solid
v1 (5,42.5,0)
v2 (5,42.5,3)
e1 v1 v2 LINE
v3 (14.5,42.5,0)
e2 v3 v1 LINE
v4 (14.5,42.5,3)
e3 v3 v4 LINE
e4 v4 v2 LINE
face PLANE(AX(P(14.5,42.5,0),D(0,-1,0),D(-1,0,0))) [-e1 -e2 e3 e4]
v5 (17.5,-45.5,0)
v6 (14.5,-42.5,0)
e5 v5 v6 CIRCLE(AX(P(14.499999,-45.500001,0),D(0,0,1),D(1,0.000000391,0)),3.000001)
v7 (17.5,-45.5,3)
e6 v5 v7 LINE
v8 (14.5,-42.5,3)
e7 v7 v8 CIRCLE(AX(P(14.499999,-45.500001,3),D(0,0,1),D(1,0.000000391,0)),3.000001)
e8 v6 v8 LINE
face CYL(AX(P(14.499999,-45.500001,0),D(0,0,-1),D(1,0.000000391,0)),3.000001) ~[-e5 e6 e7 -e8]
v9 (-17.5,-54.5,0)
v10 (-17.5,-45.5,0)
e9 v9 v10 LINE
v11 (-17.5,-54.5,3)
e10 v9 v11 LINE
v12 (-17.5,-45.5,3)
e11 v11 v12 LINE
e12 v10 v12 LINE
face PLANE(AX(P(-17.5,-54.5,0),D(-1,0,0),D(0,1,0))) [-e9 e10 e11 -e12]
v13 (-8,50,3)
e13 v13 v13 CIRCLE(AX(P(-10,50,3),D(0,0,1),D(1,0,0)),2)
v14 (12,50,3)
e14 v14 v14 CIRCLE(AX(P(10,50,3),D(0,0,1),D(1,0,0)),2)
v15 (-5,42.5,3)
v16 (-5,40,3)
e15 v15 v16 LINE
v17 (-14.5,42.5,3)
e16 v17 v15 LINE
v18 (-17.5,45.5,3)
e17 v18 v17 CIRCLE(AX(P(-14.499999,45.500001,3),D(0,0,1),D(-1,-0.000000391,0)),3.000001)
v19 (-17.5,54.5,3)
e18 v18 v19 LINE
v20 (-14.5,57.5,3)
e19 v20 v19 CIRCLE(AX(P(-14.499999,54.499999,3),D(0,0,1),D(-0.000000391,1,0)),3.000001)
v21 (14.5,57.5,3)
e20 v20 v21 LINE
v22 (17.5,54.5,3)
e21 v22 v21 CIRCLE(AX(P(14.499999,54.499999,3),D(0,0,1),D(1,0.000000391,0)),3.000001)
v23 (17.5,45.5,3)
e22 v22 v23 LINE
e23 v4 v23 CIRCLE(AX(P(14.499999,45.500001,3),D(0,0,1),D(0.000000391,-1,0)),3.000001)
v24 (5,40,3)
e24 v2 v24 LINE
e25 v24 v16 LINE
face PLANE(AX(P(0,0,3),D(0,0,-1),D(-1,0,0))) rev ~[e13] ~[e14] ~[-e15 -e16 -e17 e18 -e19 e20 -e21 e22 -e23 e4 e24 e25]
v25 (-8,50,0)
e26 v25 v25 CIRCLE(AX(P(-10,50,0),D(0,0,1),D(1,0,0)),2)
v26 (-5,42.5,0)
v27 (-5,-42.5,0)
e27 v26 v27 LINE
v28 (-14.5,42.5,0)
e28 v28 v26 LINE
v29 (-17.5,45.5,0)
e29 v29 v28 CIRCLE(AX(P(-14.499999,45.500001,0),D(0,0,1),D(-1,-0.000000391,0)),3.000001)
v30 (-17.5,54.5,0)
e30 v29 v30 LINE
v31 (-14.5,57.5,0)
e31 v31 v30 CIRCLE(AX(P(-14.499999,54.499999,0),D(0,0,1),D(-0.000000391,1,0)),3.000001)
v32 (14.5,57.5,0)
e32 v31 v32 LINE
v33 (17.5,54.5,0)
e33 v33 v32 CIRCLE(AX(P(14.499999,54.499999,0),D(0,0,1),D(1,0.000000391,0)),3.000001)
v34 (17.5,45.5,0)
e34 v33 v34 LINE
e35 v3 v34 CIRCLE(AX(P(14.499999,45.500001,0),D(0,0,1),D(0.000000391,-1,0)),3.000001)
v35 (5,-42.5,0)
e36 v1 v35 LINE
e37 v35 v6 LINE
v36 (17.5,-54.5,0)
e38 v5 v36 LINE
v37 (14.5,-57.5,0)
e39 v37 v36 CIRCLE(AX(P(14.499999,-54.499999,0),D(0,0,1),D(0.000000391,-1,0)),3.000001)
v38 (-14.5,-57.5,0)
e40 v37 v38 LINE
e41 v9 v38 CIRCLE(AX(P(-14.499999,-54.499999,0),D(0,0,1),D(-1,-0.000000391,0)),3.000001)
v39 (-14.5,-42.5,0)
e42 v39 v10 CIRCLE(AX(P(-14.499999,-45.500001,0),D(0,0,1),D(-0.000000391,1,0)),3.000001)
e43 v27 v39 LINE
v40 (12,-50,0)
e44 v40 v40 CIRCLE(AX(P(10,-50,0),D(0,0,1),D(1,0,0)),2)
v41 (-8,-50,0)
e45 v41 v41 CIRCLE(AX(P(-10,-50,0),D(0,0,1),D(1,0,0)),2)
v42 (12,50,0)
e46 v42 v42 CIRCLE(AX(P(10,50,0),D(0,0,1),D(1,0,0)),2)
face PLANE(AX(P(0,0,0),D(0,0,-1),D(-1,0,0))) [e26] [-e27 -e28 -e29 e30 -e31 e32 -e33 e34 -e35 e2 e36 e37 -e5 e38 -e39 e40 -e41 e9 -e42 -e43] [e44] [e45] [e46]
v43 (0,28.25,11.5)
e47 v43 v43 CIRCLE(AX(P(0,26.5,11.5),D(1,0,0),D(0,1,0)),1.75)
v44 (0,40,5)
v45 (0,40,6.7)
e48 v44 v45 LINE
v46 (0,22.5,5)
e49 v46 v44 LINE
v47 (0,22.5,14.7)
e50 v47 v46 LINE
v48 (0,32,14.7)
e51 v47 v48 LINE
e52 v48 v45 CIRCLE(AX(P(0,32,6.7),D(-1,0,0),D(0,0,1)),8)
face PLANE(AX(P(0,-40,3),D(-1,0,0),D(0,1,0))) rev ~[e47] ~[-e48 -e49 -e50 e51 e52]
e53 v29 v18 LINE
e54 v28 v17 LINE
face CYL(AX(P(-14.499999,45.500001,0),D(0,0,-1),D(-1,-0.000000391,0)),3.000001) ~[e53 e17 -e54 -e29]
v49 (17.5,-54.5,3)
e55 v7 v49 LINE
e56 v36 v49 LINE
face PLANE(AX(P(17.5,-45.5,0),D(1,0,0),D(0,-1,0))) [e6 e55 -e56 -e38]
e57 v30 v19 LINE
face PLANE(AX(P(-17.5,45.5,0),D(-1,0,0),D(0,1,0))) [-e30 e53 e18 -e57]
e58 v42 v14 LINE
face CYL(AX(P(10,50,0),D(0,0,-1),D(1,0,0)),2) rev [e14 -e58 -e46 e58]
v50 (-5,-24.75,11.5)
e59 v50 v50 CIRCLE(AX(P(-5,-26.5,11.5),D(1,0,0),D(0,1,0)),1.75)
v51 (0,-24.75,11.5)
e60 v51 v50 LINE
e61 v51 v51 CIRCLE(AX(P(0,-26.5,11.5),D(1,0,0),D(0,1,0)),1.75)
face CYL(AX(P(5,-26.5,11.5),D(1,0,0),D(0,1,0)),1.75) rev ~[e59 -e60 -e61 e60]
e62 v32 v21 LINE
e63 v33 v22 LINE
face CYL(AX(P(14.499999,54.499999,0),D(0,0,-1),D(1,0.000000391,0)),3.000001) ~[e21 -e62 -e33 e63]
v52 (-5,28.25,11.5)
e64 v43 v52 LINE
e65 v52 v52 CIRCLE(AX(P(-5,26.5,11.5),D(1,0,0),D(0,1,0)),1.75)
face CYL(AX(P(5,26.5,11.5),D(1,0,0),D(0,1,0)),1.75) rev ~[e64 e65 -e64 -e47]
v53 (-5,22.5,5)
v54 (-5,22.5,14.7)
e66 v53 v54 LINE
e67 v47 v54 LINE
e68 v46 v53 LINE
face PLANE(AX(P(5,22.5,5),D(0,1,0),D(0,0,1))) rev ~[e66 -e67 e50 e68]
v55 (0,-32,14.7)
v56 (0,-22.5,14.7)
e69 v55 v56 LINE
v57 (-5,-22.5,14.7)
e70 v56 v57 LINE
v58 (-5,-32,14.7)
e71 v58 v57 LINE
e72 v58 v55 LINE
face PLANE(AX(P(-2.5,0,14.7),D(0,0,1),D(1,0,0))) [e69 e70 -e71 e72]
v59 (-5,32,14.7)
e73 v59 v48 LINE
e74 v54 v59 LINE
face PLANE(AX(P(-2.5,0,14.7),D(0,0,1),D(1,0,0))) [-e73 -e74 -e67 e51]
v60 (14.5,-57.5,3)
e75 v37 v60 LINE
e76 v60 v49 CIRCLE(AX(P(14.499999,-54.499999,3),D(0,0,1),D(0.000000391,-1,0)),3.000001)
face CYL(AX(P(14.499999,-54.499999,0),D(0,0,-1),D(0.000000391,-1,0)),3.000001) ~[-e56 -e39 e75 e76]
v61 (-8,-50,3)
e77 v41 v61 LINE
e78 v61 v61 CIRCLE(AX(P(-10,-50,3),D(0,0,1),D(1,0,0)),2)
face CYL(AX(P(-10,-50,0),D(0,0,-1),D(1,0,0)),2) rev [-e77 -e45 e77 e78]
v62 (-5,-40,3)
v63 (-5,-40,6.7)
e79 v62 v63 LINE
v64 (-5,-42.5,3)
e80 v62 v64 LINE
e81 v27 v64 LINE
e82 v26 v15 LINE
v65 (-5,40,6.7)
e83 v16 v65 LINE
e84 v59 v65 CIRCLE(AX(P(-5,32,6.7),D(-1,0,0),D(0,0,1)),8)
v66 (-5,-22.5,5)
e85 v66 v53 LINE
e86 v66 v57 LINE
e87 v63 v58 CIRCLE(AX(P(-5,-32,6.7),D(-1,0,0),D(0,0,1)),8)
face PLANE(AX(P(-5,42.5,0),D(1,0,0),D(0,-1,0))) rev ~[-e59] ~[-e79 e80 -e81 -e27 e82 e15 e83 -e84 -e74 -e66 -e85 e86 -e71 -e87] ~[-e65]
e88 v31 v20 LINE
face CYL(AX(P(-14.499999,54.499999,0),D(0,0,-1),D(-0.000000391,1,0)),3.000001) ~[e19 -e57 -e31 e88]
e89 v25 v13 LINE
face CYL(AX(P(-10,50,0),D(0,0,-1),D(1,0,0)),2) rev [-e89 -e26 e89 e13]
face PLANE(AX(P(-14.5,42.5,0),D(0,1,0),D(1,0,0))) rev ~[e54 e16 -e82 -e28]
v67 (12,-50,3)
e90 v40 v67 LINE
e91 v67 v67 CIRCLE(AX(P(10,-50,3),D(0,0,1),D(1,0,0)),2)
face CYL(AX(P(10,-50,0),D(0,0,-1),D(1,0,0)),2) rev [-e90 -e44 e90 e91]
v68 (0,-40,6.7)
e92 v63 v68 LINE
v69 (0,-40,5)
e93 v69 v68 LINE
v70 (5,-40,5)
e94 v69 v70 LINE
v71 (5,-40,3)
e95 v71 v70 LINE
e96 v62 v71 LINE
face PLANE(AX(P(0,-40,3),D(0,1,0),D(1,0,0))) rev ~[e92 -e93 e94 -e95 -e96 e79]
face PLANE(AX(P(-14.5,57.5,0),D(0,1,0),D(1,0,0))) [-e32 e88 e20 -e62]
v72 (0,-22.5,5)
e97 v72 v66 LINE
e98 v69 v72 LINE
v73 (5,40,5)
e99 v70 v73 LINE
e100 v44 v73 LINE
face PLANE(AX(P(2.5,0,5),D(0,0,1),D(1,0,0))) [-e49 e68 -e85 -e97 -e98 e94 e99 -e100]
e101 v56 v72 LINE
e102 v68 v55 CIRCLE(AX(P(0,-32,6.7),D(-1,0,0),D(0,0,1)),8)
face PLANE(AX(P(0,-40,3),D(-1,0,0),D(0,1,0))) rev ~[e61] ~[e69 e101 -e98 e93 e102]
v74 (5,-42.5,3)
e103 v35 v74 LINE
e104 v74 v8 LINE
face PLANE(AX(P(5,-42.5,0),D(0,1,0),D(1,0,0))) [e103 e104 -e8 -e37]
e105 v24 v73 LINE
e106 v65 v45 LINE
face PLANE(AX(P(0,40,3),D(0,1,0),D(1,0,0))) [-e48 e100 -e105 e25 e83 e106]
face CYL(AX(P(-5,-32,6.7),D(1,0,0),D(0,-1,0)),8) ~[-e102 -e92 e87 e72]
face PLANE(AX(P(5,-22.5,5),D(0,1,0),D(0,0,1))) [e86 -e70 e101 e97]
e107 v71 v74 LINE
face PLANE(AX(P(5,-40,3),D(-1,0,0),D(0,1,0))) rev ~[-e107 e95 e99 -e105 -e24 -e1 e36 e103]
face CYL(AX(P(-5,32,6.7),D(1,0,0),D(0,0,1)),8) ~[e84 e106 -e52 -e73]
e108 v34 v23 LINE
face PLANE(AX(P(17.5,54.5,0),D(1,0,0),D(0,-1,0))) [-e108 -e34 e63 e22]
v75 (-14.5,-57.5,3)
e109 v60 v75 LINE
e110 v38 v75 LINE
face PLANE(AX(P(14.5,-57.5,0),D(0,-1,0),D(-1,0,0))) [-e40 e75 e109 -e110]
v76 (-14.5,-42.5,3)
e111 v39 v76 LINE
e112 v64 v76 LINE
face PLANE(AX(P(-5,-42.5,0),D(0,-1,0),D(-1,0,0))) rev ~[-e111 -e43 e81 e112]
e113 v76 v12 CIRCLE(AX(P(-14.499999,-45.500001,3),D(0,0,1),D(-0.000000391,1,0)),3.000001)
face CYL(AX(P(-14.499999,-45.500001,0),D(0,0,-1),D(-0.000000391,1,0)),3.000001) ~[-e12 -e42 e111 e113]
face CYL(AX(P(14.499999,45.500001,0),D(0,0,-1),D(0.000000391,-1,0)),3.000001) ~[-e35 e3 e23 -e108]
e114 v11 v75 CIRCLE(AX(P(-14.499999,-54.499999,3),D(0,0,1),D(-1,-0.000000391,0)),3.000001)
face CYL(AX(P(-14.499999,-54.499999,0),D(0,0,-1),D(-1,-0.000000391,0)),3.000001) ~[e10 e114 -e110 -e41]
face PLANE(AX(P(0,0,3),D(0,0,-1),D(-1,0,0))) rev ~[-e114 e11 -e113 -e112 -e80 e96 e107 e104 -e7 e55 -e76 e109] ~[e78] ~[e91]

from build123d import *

# Parameters (mm, degrees)
SKETCH_R     = 2
PAD_DEPTH    = 3
SKETCH001_W  = 5
SKETCH001_H  = 80
PAD001_DEPTH = 11.7
SKETCH002_R  = 1.75
SKETCH002_W  = 45
SKETCH002_H  = 10
POCKET_DEPTH = 15
SKETCH003_W  = 5
SKETCH003_H  = 80
PAD002_DEPTH = 2
FILLET_R     = 8


with BuildPart() as part:
    # Sketch → Pad (new body)
    with BuildSketch(Plane.XY):
        with BuildLine():
            Line((-14.5, 57.5), (14.5, 57.5))
            ThreePointArc((17.5, 54.5), (16.62132, 56.62132), (14.5, 57.5))
            Line((17.5, 54.5), (17.5, 45.5))
            ThreePointArc((14.5, 42.5), (16.62132, 43.37868), (17.5, 45.5))
            Line((14.5, 42.5), (5, 42.5))
            Line((5, 42.5), (5, -42.5))
            Line((5, -42.5), (14.5, -42.5))
            ThreePointArc((17.5, -45.5), (16.62132, -43.37868), (14.5, -42.5))
            Line((17.5, -45.5), (17.5, -54.5))
            ThreePointArc((14.5, -57.5), (16.62132, -56.62132), (17.5, -54.5))
            Line((14.5, -57.5), (-14.5, -57.5))
            ThreePointArc((-17.5, -54.5), (-16.62132, -56.62132), (-14.5, -57.5))
            Line((-17.5, -54.5), (-17.5, -45.5))
            ThreePointArc((-14.5, -42.5), (-16.62132, -43.37868), (-17.5, -45.5))
            Line((-5, -42.5), (-14.5, -42.5))
            Line((-5, 42.5), (-5, -42.5))
            Line((-14.5, 42.5), (-5, 42.5))
            ThreePointArc((-17.5, 45.5), (-16.62132, 43.37868), (-14.5, 42.5))
            Line((-17.5, 45.5), (-17.5, 54.5))
            ThreePointArc((-14.5, 57.5), (-16.62132, 56.62132), (-17.5, 54.5))
        make_face()
        with Locations((-10, 50)):
            Circle(SKETCH_R, mode=Mode.SUBTRACT)
        with Locations((10, 50)):
            Circle(SKETCH_R, mode=Mode.SUBTRACT)
        with Locations((-10, -50)):
            Circle(SKETCH_R, mode=Mode.SUBTRACT)
        with Locations((10, -50)):
            Circle(SKETCH_R, mode=Mode.SUBTRACT)
    extrude(amount=PAD_DEPTH)

    # Sketch001 → Pad001 (join)
    with BuildSketch(Plane.XY.offset(3)):
        with Locations((-2.5, 0)):
            Rectangle(SKETCH001_W, SKETCH001_H)
    extrude(amount=PAD001_DEPTH)

    # Sketch002 → Pocket (cut)
    with BuildSketch(Plane.YZ.offset(5)):
        with Locations((-26.5, 11.5)):
            Circle(SKETCH002_R)
        with Locations((26.5, 11.5)):
            Circle(SKETCH002_R)
        with Locations((0, 10)):
            Rectangle(SKETCH002_W, SKETCH002_H)
    extrude(amount=-POCKET_DEPTH, mode=Mode.SUBTRACT)

    # Sketch003 → Pad002 (join)
    with BuildSketch(Plane.XY.offset(3)):
        with Locations((2.5, 0)):
            Rectangle(SKETCH003_W, SKETCH003_H)
    extrude(amount=PAD002_DEPTH)

    # Fillet
    fillet_edges = [part.edges().sort_by_distance(p)[0] for p in [
        (-2.5, -40, 14.7),
        (-2.5, 40, 14.7),
    ]]
    fillet(fillet_edges, radius=FILLET_R)


solid = part.part
